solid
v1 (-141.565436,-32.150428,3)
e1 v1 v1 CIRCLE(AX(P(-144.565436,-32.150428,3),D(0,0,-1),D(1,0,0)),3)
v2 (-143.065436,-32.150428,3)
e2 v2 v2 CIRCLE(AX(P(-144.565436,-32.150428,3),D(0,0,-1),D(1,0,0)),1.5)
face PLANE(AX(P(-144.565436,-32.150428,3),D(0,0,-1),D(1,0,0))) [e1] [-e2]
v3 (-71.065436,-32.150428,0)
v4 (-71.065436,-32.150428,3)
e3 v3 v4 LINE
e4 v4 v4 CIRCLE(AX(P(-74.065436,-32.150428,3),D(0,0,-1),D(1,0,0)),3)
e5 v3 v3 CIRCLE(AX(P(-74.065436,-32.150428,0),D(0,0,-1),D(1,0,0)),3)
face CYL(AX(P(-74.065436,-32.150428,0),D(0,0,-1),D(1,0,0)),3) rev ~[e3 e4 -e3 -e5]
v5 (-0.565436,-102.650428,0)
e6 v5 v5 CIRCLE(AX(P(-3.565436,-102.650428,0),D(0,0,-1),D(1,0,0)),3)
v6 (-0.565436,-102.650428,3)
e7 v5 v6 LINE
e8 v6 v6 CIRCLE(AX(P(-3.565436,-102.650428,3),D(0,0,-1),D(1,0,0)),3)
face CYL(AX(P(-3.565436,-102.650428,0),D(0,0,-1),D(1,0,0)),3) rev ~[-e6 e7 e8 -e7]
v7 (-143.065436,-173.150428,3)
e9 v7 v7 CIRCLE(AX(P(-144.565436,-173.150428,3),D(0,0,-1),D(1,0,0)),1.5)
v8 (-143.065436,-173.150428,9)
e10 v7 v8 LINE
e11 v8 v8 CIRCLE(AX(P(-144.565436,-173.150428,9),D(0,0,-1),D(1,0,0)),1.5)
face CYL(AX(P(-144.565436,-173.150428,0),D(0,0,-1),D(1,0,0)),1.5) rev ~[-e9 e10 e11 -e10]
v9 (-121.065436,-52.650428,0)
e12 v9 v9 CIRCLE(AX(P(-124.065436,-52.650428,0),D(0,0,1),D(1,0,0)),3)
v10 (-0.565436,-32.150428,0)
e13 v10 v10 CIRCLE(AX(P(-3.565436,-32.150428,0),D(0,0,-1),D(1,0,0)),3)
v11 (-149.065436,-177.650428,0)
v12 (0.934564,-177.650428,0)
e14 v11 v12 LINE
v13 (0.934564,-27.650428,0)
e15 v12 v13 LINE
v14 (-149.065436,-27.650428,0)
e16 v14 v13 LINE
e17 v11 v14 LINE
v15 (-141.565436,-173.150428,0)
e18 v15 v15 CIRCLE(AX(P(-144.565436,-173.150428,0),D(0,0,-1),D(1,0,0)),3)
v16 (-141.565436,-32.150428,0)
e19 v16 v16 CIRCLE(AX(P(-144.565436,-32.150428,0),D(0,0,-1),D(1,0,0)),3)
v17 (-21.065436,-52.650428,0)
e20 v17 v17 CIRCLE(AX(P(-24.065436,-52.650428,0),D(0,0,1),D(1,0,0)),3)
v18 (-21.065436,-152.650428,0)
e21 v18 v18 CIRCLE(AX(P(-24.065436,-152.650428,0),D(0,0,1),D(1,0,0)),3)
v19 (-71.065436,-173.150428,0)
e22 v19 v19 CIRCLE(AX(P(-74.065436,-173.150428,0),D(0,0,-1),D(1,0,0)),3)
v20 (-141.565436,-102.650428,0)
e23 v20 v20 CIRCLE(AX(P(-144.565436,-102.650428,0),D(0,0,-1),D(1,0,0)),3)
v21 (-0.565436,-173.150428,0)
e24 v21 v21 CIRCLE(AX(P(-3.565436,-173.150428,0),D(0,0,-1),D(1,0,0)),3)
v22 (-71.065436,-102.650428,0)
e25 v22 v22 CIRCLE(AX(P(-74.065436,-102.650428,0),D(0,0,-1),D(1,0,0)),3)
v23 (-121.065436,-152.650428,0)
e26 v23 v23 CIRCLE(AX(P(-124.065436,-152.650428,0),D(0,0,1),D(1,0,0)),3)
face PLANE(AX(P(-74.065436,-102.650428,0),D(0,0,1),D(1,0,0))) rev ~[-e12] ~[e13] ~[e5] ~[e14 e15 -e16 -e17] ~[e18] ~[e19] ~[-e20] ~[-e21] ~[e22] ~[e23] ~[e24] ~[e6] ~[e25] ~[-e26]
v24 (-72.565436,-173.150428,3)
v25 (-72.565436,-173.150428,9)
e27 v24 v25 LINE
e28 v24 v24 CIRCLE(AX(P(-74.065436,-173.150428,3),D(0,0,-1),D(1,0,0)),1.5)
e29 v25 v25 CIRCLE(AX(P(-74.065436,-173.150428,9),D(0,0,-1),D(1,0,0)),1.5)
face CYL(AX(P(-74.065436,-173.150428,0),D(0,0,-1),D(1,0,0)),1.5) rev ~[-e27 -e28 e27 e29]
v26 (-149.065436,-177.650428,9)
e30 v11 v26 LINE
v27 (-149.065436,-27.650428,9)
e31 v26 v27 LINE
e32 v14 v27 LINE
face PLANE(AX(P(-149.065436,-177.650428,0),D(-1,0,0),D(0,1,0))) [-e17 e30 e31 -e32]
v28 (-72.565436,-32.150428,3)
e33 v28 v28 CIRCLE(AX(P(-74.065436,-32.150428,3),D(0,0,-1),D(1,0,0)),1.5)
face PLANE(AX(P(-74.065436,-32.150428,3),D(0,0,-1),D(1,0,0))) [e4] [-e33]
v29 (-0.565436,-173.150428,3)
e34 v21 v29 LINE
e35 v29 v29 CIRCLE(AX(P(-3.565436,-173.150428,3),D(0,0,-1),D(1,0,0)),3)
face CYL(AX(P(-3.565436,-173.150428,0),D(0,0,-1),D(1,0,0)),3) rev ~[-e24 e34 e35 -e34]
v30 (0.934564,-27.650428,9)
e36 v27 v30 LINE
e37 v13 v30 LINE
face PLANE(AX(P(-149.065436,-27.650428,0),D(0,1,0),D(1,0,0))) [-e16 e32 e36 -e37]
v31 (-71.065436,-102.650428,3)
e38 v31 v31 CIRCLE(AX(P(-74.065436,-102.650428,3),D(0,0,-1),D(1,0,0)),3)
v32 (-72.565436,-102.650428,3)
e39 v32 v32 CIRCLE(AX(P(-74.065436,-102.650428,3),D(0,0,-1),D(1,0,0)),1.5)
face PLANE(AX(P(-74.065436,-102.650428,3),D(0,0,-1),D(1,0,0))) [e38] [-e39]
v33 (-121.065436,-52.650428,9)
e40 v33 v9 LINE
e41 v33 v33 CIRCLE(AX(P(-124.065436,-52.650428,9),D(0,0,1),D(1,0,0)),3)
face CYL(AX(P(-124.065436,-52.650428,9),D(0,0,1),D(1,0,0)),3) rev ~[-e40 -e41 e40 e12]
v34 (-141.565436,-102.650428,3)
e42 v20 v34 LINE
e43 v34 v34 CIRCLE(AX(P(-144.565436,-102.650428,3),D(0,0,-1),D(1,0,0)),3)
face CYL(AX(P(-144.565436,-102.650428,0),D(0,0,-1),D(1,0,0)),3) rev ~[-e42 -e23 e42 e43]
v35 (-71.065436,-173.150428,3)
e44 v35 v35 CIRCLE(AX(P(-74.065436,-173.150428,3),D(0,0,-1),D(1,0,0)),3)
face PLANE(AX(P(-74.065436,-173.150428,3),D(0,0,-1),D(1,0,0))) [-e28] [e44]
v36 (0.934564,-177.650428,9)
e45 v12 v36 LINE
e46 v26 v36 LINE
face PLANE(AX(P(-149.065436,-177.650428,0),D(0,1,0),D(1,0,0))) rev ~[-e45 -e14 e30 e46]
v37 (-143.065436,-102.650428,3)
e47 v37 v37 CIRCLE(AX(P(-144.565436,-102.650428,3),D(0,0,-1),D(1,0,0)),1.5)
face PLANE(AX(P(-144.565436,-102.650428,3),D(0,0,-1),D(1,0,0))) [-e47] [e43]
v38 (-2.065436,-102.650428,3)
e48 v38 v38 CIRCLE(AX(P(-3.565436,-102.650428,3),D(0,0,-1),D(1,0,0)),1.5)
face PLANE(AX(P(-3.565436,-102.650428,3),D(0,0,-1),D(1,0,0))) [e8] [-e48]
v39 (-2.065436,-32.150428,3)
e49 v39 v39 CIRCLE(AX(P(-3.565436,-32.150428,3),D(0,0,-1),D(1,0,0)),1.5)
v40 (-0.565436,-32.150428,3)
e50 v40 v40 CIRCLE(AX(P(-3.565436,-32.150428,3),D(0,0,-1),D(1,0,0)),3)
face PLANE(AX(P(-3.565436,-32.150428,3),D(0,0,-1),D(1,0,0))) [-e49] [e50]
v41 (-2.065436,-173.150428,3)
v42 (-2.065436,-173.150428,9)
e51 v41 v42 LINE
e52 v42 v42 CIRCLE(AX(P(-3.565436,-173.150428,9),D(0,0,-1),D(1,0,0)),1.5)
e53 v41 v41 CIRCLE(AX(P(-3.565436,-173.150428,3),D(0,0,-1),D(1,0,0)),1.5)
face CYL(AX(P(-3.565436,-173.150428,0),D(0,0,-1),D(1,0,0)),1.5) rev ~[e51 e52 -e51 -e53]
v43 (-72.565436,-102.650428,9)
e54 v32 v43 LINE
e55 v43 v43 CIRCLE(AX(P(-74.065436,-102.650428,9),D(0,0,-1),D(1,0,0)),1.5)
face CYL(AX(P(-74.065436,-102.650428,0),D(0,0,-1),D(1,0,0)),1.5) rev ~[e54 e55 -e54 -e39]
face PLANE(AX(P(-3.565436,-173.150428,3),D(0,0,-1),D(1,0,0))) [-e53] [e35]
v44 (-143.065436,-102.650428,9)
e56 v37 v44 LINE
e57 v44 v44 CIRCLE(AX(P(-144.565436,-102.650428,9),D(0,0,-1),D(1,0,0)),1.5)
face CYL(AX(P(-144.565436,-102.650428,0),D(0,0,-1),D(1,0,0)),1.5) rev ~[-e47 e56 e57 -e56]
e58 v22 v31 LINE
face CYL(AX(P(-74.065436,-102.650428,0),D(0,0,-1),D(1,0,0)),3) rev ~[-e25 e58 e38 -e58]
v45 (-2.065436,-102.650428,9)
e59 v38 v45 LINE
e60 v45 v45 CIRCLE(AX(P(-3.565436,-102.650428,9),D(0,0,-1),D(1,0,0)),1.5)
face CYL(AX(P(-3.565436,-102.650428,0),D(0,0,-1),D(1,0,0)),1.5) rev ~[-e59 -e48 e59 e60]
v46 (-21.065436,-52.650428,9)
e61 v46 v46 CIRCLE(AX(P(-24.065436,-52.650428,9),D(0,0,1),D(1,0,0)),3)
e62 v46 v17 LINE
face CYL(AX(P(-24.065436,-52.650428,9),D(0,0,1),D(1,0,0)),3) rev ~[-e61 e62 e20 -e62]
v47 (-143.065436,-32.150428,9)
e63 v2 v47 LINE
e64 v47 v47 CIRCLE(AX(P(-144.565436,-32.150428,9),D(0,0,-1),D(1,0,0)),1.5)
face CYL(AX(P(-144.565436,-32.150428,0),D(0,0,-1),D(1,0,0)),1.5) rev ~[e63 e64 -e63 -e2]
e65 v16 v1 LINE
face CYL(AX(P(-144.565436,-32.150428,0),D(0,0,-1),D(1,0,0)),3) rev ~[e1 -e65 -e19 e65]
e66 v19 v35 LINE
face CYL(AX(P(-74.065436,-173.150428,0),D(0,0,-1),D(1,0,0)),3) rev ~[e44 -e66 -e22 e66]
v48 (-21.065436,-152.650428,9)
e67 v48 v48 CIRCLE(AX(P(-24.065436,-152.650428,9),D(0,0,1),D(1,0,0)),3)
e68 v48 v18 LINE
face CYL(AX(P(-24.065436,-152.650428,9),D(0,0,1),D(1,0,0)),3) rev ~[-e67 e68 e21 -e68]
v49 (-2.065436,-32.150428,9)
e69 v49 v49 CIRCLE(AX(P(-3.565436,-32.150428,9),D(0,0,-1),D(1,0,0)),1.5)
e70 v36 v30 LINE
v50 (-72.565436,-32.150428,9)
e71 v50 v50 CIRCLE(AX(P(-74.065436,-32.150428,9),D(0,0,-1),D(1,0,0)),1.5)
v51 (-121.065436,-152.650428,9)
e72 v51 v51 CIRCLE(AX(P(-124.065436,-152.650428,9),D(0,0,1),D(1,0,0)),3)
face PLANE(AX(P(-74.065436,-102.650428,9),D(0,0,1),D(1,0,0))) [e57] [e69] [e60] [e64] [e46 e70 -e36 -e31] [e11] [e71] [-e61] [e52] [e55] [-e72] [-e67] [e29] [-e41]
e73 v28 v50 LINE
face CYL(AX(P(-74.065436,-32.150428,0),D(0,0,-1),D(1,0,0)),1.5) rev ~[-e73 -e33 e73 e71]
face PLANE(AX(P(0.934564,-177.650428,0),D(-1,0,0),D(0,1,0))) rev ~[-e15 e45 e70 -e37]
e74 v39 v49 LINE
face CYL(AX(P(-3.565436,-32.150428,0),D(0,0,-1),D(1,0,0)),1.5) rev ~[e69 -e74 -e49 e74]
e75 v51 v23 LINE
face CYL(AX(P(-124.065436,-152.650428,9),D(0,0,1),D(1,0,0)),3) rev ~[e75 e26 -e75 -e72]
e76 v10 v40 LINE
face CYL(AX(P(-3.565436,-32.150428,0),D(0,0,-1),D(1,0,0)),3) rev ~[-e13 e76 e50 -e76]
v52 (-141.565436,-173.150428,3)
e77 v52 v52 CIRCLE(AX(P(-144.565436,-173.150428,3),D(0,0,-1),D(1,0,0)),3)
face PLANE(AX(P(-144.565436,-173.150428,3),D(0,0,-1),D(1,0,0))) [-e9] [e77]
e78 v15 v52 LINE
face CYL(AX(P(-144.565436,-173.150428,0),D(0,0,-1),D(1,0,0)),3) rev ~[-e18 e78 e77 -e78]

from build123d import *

# Parameters (mm, degrees)
F0_W     = 150
F0_H     = 150
F1_DEPTH = 9
F2_R     = 3
F3_DEPTH = 9.001
F4_R     = 1.5
F5_DEPTH = 9.001
F6_R     = 3
F7_DEPTH = 3


with BuildPart() as f1:
    # F0 (on Top) → F1 (new body)
    with BuildSketch(Plane.XY):
        with Locations((-74.065436, -102.650428)):
            Rectangle(F0_W, F0_H)
    extrude(amount=F1_DEPTH)

    # F2 (on face) → F3 (cut, through all)
    with BuildSketch(Plane.XY.offset(9)):
        with Locations((-124.065436, -52.650428)):
            Circle(F2_R)
        with Locations((-124.065436, -152.650428)):
            Circle(F2_R)
        with Locations((-24.065436, -152.650428)):
            Circle(F2_R)
        with Locations((-24.065436, -52.650428)):
            Circle(F2_R)
    extrude(amount=-F3_DEPTH, mode=Mode.SUBTRACT)

    # F4 (on face) → F5 (cut, through all)
    with BuildSketch(Plane(origin=(0, 0, 0), x_dir=(1, 0, 0), z_dir=(0, 0, -1))):
        with Locations((-144.565436, 173.150428)):
            Circle(F4_R)
        with Locations((-74.065436, 173.150428)):
            Circle(F4_R)
        with Locations((-3.565436, 173.150428)):
            Circle(F4_R)
        with Locations((-3.565436, 102.650428)):
            Circle(F4_R)
        with Locations((-3.565436, 32.150428)):
            Circle(F4_R)
        with Locations((-74.065436, 32.150428)):
            Circle(F4_R)
        with Locations((-144.565436, 32.150428)):
            Circle(F4_R)
        with Locations((-144.565436, 102.650428)):
            Circle(F4_R)
        with Locations((-74.065436, 102.650428)):
            Circle(F4_R)
    extrude(amount=-F5_DEPTH, mode=Mode.SUBTRACT)

    # F6 (on face) → F7 (cut)
    with BuildSketch(Plane(origin=(0, 0, 0), x_dir=(1, 0, 0), z_dir=(0, 0, -1))):
        with Locations((-144.565436, 173.150428)):
            Circle(F6_R)
        with Locations((-74.065436, 173.150428)):
            Circle(F6_R)
        with Locations((-3.565436, 173.150428)):
            Circle(F6_R)
        with Locations((-3.565436, 102.650428)):
            Circle(F6_R)
        with Locations((-74.065436, 102.650428)):
            Circle(F6_R)
        with Locations((-144.565436, 102.650428)):
            Circle(F6_R)
        with Locations((-144.565436, 32.150428)):
            Circle(F6_R)
        with Locations((-74.065436, 32.150428)):
            Circle(F6_R)
        with Locations((-3.565436, 32.150428)):
            Circle(F6_R)
    extrude(amount=-F7_DEPTH, mode=Mode.SUBTRACT)


solid = f1.part
